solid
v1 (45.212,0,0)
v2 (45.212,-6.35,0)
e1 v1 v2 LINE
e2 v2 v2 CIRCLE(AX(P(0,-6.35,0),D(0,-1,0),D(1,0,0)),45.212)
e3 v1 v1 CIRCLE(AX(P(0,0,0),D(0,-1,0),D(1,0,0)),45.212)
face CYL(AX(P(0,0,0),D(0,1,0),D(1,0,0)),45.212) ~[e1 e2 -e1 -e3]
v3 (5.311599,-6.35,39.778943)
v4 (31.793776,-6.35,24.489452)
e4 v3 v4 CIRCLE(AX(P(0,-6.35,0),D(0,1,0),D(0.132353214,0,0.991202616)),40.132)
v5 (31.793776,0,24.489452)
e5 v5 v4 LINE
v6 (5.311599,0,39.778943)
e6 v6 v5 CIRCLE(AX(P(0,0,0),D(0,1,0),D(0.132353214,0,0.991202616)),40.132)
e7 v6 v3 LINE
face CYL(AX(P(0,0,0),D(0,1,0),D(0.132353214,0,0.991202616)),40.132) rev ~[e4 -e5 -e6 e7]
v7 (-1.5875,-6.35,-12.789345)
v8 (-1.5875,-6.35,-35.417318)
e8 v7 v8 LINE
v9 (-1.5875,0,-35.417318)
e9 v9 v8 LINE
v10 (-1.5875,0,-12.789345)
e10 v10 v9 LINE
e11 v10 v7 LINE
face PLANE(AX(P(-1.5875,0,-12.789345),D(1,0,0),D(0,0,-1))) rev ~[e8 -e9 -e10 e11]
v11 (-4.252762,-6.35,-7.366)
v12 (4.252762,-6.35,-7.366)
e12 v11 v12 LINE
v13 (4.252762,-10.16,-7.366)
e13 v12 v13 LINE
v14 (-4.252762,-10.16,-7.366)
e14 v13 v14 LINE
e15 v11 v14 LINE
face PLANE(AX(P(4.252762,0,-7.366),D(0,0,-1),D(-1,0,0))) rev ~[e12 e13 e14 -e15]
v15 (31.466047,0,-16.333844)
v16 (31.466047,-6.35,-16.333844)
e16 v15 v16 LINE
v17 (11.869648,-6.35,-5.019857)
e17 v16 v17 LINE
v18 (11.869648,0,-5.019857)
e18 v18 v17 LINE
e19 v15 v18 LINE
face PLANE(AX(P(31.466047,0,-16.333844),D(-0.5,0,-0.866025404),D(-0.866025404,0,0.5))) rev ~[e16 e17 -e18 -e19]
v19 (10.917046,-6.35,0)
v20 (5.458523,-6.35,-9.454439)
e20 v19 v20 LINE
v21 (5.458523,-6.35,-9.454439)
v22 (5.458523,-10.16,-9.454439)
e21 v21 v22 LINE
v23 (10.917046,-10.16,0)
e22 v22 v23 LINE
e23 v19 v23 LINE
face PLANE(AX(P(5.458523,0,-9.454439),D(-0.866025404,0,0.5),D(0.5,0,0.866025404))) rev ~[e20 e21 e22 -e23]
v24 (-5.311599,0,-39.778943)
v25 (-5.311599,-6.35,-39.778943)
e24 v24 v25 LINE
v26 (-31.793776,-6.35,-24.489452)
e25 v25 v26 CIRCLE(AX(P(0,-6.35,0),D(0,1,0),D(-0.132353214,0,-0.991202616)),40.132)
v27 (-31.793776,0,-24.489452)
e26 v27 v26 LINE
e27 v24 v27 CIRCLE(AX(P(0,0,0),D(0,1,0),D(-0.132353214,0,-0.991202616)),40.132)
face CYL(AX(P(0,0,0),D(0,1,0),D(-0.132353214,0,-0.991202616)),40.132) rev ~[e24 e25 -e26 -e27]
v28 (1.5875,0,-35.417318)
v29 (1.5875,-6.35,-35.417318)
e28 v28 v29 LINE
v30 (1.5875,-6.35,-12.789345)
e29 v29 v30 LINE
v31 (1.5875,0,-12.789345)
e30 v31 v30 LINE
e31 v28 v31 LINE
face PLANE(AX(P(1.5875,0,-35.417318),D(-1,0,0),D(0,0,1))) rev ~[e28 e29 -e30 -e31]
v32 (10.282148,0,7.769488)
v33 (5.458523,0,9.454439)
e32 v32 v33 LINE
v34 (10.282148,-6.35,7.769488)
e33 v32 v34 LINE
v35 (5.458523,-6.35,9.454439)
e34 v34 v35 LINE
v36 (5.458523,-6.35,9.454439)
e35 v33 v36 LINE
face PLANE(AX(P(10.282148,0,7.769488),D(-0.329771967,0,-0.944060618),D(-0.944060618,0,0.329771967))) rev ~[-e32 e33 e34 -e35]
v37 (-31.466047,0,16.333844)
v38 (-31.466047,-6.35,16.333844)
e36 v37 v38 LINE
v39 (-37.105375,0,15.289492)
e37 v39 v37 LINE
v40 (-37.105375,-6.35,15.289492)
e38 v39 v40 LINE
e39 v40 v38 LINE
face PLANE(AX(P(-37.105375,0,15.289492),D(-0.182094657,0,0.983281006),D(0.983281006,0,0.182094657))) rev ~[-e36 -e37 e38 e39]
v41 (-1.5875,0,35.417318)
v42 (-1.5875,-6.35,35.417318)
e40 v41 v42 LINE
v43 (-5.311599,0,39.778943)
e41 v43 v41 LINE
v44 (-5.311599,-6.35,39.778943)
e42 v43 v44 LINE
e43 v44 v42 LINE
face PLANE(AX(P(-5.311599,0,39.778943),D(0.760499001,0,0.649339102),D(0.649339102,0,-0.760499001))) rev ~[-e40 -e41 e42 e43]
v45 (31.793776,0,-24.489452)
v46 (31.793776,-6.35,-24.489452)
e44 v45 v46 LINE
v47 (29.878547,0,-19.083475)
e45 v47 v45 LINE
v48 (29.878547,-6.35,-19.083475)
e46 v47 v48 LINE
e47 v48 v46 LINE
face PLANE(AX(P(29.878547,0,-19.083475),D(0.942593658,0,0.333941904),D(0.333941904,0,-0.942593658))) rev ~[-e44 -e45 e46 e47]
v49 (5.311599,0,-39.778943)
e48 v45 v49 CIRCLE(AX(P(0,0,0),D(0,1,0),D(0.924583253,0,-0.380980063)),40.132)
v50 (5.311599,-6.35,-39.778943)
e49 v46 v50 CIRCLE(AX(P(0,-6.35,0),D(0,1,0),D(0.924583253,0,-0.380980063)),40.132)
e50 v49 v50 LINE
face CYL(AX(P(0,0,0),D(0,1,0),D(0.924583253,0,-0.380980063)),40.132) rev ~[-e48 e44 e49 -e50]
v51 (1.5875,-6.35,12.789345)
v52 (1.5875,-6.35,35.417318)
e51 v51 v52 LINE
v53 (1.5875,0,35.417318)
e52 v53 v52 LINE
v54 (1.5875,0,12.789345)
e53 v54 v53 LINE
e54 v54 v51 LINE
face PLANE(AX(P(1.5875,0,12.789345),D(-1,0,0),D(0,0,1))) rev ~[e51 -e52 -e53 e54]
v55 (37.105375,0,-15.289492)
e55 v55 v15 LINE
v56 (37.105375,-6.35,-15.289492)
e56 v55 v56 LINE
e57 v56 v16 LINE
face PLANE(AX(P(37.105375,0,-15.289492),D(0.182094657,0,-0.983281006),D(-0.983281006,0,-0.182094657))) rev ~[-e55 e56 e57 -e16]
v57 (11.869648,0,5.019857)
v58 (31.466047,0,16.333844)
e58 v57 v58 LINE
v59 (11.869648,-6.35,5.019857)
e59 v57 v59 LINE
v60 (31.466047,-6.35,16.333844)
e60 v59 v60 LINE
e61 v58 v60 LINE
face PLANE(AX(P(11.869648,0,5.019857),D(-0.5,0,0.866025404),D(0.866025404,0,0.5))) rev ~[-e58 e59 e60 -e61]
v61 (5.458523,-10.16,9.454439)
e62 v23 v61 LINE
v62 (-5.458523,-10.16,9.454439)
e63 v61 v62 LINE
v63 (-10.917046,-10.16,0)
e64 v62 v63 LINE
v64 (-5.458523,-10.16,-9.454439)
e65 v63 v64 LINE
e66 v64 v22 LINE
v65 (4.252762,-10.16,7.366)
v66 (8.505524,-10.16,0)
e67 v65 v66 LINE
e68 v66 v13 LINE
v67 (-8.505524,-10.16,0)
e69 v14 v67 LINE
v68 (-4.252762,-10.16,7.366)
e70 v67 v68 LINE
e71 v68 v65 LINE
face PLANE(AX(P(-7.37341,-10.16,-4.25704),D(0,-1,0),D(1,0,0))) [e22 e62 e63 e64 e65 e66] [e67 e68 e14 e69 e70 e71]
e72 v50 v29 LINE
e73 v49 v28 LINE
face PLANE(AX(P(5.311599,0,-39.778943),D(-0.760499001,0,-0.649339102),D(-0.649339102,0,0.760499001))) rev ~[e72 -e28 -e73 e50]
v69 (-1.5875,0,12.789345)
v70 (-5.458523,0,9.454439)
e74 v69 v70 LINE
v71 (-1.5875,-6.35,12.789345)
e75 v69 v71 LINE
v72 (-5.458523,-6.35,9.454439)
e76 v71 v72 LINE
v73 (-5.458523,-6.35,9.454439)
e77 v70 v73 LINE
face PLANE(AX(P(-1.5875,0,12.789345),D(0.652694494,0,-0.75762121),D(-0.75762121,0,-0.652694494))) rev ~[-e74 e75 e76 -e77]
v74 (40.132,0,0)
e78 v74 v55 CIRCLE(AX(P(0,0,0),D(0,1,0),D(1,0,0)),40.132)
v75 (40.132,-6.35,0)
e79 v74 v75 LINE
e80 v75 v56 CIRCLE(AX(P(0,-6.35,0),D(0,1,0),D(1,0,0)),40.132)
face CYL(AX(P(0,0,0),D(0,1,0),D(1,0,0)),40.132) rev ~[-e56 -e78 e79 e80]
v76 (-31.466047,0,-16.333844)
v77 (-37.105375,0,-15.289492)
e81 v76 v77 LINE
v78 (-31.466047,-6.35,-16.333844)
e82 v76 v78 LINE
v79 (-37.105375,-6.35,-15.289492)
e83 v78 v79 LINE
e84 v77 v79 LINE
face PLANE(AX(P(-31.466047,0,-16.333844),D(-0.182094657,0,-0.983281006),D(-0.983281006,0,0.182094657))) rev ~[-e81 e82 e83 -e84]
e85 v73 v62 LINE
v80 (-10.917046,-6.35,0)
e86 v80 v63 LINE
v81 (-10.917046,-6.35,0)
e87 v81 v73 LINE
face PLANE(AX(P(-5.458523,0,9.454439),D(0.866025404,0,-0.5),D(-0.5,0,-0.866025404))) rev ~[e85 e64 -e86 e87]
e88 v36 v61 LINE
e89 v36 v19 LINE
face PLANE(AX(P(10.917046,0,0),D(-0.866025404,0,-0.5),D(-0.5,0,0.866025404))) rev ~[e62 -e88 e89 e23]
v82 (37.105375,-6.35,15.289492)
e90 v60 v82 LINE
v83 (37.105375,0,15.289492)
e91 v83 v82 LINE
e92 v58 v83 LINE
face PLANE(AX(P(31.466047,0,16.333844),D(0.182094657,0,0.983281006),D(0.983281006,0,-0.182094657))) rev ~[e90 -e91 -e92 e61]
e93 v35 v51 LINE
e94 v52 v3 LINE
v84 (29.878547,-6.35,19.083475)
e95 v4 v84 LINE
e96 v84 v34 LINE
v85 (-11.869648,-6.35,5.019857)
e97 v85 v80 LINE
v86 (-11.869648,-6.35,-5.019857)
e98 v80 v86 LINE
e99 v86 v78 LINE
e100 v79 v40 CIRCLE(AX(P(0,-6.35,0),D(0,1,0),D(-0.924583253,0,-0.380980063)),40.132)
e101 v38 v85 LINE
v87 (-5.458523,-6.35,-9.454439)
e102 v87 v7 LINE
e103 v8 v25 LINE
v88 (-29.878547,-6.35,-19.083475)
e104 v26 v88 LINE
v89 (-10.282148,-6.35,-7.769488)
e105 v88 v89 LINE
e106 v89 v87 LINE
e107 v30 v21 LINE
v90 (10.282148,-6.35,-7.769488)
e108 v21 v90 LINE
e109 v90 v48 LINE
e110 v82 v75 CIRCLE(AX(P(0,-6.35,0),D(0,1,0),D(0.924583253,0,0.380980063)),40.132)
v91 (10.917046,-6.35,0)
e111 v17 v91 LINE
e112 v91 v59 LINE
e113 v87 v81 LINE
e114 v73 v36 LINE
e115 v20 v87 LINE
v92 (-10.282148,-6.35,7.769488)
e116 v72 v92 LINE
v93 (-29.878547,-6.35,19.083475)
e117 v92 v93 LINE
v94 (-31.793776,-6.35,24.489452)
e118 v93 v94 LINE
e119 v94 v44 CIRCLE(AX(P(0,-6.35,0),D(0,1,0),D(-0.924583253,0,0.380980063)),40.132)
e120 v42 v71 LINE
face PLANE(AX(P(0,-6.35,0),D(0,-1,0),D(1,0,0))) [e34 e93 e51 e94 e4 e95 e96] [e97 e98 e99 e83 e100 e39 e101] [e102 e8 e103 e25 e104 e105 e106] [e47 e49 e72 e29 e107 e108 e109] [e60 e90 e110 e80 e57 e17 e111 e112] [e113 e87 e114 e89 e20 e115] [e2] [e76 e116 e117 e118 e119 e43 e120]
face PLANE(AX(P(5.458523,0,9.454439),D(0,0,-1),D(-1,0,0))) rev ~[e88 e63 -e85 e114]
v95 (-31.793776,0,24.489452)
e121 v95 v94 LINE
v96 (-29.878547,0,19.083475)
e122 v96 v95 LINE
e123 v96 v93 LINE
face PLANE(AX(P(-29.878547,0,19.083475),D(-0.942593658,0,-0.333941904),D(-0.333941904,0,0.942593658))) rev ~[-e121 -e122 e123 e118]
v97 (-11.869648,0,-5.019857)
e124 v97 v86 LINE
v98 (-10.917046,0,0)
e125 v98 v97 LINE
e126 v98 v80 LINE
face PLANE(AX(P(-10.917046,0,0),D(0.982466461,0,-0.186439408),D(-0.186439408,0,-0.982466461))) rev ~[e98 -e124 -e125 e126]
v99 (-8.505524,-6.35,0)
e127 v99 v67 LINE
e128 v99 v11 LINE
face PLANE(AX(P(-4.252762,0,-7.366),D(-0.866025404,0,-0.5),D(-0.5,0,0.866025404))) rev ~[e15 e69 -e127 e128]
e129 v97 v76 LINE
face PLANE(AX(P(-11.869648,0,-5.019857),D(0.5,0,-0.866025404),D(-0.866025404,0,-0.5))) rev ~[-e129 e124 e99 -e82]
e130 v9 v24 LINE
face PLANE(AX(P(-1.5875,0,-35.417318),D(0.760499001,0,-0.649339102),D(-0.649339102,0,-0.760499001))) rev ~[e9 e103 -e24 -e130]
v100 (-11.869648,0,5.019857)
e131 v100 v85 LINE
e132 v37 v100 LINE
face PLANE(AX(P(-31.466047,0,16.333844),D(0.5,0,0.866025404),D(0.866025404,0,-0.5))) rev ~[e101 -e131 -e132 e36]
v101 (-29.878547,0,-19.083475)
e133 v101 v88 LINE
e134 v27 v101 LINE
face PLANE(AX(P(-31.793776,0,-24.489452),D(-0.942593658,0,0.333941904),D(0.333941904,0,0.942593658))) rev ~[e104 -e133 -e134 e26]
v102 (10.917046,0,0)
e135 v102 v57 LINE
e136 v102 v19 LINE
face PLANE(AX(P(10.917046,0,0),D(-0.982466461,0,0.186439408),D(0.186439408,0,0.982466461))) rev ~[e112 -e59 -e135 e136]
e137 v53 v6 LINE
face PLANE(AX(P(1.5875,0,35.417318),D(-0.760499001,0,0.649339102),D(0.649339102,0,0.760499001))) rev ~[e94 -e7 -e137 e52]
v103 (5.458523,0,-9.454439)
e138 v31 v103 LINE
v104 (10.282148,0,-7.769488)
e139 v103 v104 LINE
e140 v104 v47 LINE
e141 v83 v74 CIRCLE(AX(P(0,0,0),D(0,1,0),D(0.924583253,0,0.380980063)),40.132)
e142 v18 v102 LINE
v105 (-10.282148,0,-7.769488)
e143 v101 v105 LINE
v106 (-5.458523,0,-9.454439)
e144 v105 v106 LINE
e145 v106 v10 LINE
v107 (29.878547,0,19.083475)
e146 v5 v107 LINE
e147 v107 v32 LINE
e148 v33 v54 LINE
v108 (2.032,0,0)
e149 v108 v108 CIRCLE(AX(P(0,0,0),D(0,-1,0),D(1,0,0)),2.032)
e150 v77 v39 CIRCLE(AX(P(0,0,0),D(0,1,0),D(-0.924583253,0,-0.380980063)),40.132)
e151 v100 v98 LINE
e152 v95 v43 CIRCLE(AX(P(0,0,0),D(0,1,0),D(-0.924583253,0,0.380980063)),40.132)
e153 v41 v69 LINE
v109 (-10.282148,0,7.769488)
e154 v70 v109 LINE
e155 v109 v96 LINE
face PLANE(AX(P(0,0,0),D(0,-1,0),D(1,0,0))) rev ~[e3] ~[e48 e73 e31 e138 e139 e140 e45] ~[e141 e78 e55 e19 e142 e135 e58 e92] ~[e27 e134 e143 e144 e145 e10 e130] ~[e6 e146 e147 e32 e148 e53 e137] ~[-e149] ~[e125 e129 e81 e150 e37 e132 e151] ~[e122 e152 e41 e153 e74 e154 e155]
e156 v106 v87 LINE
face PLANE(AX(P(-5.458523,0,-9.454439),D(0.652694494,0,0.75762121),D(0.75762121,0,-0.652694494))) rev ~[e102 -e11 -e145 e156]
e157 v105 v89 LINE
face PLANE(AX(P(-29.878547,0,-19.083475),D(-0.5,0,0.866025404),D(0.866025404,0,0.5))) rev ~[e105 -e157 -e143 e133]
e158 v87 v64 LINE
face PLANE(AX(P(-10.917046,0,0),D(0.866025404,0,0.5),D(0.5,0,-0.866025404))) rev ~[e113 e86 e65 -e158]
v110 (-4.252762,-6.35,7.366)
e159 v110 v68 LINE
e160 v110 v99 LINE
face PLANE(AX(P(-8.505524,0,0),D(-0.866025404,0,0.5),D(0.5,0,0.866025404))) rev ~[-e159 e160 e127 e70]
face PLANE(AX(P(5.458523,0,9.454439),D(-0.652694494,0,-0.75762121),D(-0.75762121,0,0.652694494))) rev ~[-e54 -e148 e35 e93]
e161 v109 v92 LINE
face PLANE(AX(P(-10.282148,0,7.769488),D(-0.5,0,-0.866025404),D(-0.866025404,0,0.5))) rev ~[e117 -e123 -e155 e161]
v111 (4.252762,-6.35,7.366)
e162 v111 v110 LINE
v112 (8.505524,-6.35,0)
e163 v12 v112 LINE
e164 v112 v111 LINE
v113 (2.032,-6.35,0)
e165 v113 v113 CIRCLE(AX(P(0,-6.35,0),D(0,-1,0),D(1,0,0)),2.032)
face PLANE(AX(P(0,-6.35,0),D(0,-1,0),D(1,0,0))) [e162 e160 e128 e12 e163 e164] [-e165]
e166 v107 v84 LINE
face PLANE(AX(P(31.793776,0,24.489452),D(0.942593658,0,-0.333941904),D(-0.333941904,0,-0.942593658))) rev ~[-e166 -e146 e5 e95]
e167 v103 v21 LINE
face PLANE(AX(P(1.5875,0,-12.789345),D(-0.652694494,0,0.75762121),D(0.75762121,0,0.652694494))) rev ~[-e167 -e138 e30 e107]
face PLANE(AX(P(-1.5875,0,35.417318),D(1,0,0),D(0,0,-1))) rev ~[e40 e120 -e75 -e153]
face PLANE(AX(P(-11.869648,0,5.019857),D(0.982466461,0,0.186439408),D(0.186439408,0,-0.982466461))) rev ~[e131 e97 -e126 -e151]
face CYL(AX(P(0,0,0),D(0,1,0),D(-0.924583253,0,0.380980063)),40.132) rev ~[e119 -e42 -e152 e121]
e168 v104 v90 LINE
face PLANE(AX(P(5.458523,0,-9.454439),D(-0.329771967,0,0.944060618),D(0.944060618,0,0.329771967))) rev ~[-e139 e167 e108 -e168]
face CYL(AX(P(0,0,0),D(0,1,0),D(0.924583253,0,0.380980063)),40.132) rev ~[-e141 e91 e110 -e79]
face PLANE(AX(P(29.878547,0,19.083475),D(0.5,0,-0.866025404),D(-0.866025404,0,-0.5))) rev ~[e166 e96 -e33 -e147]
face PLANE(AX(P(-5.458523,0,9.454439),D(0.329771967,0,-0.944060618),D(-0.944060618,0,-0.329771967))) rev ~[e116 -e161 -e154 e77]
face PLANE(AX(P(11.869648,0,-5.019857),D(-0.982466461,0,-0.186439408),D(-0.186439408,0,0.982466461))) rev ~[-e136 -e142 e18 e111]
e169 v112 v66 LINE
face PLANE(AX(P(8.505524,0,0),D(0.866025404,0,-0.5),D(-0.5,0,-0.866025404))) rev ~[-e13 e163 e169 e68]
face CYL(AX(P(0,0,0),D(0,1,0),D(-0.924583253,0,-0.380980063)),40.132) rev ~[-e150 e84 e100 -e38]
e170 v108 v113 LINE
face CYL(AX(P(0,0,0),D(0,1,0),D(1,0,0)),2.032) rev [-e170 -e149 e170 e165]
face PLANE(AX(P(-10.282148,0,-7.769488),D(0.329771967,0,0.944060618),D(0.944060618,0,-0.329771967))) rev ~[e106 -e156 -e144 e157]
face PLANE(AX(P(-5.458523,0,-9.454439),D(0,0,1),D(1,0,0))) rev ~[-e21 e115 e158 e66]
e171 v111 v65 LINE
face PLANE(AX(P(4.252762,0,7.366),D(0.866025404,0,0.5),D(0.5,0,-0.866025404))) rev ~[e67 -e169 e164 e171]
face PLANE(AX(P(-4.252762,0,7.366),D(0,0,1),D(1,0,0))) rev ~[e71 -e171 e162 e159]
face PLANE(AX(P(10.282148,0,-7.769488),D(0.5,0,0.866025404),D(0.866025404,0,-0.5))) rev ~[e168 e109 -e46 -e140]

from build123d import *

# Parameters (mm, degrees)
F0_R     = 45.212
F0_R_2   = 2.032
F1_DEPTH = 6.35
F2_DEPTH = 10.16


with BuildPart() as f1:
    # F0 (on Front) → F1 (new body)
    with BuildSketch(Plane.XZ):
        Circle(F0_R)
        with BuildLine():
            ThreePointArc((37.1053751064, 15.2894918888), (39.3680729638, 7.7930902161), (40.132, 0))
            ThreePointArc((40.132, 0), (39.3680729638, -7.7930902161), (37.1053751064, -15.2894918888))
            ThreePointArc((37.1053751064, -15.2894918888), (34.7553315047, -20.066), (31.7937759398, -24.4894515147))
            ThreePointArc((31.7937759398, -24.4894515147), (20.066, -34.7553315047), (5.3115991666, -39.7789434034))
            ThreePointArc((5.3115991666, -39.7789434034), (0, -40.132), (-5.3115991666, -39.7789434034))
            ThreePointArc((-5.3115991666, -39.7789434034), (-20.066, -34.7553315047), (-31.7937759398, -24.4894515147))
            ThreePointArc((-31.7937759398, -24.4894515147), (-34.7553315047, -20.066), (-37.1053751064, -15.2894918888))
            ThreePointArc((-37.1053751064, -15.2894918888), (-40.132, 0), (-37.1053751064, 15.2894918888))
            ThreePointArc((-37.1053751064, 15.2894918888), (-34.7553315047, 20.066), (-31.7937759398, 24.4894515147))
            ThreePointArc((-31.7937759398, 24.4894515147), (-20.066, 34.7553315047), (-5.3115991666, 39.7789434034))
            ThreePointArc((-5.3115991666, 39.7789434034), (0, 40.132), (5.3115991666, 39.7789434034))
            ThreePointArc((5.3115991666, 39.7789434034), (20.066, 34.7553315047), (31.7937759398, 24.4894515147))
            ThreePointArc((31.7937759398, 24.4894515147), (34.7553315047, 20.066), (37.1053751064, 15.2894918888))
        make_face(mode=Mode.SUBTRACT)
        Polygon((4.2527620829, -7.366), (8.5055241657, 0), (4.2527620829, 7.366), (-4.2527620829, 7.366), (-8.5055241657, 0), (-4.2527620829, -7.366), align=None)
        Circle(F0_R_2, mode=Mode.SUBTRACT)
        with BuildLine():
            Line((1.5875, 35.4173183441), (5.3115991666, 39.7789434034))
            ThreePointArc((5.3115991666, 39.7789434034), (0, 40.132), (-5.3115991666, 39.7789434034))
            Line((-5.3115991666, 39.7789434034), (-1.5875, 35.4173183441))
            Line((-1.5875, 35.4173183441), (-1.5875, 12.7893453464))
            Line((-1.5875, 12.7893453464), (-5.4585231293, 9.4544393942))
            Line((-5.4585231293, 9.4544393942), (5.4585231293, 9.4544393942))
            Line((5.4585231293, 9.4544393942), (1.5875, 12.7893453464))
            Line((1.5875, 12.7893453464), (1.5875, 35.4173183441))
        make_face()
        with BuildLine():
            Line((-29.8785474199, 19.0834745006), (-31.7937759398, 24.4894515147))
            ThreePointArc((-31.7937759398, 24.4894515147), (-34.7553315047, 20.066), (-37.1053751064, 15.2894918888))
            Line((-37.1053751064, 15.2894918888), (-31.4660474199, 16.3338438436))
            Line((-31.4660474199, 16.3338438436), (-11.8696479677, 5.0198573447))
            Line((-11.8696479677, 5.0198573447), (-10.9170462585, 0))
            Line((-10.9170462585, 0), (-5.4585231293, 9.4544393942))
            Line((-5.4585231293, 9.4544393942), (-10.2821479677, 7.7694880017))
            Line((-10.2821479677, 7.7694880017), (-29.8785474199, 19.0834745006))
        make_face()
        with BuildLine():
            ThreePointArc((-37.1053751064, -15.2894918888), (-34.7553315047, -20.066), (-31.7937759398, -24.4894515147))
            Line((-31.7937759398, -24.4894515147), (-29.8785474199, -19.0834745006))
            Line((-29.8785474199, -19.0834745006), (-10.2821479677, -7.7694880017))
            Line((-10.2821479677, -7.7694880017), (-5.4585231293, -9.4544393942))
            Line((-5.4585231293, -9.4544393942), (-10.9170462585, 0))
            Line((-10.9170462585, 0), (-11.8696479677, -5.0198573447))
            Line((-11.8696479677, -5.0198573447), (-31.4660474199, -16.3338438436))
            Line((-31.4660474199, -16.3338438436), (-37.1053751064, -15.2894918888))
        make_face()
        with BuildLine():
            ThreePointArc((-5.3115991666, -39.7789434034), (0, -40.132), (5.3115991666, -39.7789434034))
            Line((5.3115991666, -39.7789434034), (1.5875, -35.4173183441))
            Line((1.5875, -35.4173183441), (1.5875, -12.7893453464))
            Line((1.5875, -12.7893453464), (5.4585231293, -9.4544393942))
            Line((5.4585231293, -9.4544393942), (-5.4585231293, -9.4544393942))
            Line((-5.4585231293, -9.4544393942), (-1.5875, -12.7893453464))
            Line((-1.5875, -12.7893453464), (-1.5875, -35.4173183441))
            Line((-1.5875, -35.4173183441), (-5.3115991666, -39.7789434034))
        make_face()
        with BuildLine():
            ThreePointArc((31.7937759398, -24.4894515147), (34.7553315047, -20.066), (37.1053751064, -15.2894918888))
            Line((37.1053751064, -15.2894918888), (31.4660474199, -16.3338438436))
            Line((31.4660474199, -16.3338438436), (11.8696479677, -5.0198573447))
            Line((11.8696479677, -5.0198573447), (10.9170462585, 0))
            Line((10.9170462585, 0), (5.4585231293, -9.4544393942))
            Line((5.4585231293, -9.4544393942), (10.2821479677, -7.7694880017))
            Line((10.2821479677, -7.7694880017), (29.8785474199, -19.0834745006))
            Line((29.8785474199, -19.0834745006), (31.7937759398, -24.4894515147))
        make_face()
        with BuildLine():
            Line((31.4660474199, 16.3338438436), (37.1053751064, 15.2894918888))
            ThreePointArc((37.1053751064, 15.2894918888), (34.7553315047, 20.066), (31.7937759398, 24.4894515147))
            Line((31.7937759398, 24.4894515147), (29.8785474199, 19.0834745006))
            Line((29.8785474199, 19.0834745006), (10.2821479677, 7.7694880017))
            Line((10.2821479677, 7.7694880017), (5.4585231293, 9.4544393942))
            Line((5.4585231293, 9.4544393942), (10.9170462585, 0))
            Line((10.9170462585, 0), (11.8696479677, 5.0198573447))
            Line((11.8696479677, 5.0198573447), (31.4660474199, 16.3338438436))
        make_face()
        Polygon((-4.2527620829, 7.366), (-5.4585231293, 9.4544393942), (-10.9170462585, 0), (-8.5055241657, 0), align=None)
        Polygon((-10.9170462585, 0), (-5.4585231293, -9.4544393942), (-4.2527620829, -7.366), (-8.5055241657, 0), align=None)
        Polygon((-5.4585231293, -9.4544393942), (5.4585231293, -9.4544393942), (4.2527620829, -7.366), (-4.2527620829, -7.366), align=None)
        Polygon((5.4585231293, -9.4544393942), (10.9170462585, 0), (8.5055241657, 0), (4.2527620829, -7.366), align=None)
        Polygon((8.5055241657, 0), (10.9170462585, 0), (5.4585231293, 9.4544393942), (4.2527620829, 7.366), align=None)
        Polygon((4.2527620829, 7.366), (5.4585231293, 9.4544393942), (-5.4585231293, 9.4544393942), (-4.2527620829, 7.366), align=None)
    extrude(amount=F1_DEPTH)

    # F0 (on Front) → F2 (join)
    with BuildSketch(Plane.XZ):
        Polygon((-10.9170462585, 0), (-5.4585231293, -9.4544393942), (-4.2527620829, -7.366), (-8.5055241657, 0), align=None)
        Polygon((-5.4585231293, -9.4544393942), (5.4585231293, -9.4544393942), (4.2527620829, -7.366), (-4.2527620829, -7.366), align=None)
        Polygon((5.4585231293, -9.4544393942), (10.9170462585, 0), (8.5055241657, 0), (4.2527620829, -7.366), align=None)
        Polygon((8.5055241657, 0), (10.9170462585, 0), (5.4585231293, 9.4544393942), (4.2527620829, 7.366), align=None)
        Polygon((4.2527620829, 7.366), (5.4585231293, 9.4544393942), (-5.4585231293, 9.4544393942), (-4.2527620829, 7.366), align=None)
        Polygon((-4.2527620829, 7.366), (-5.4585231293, 9.4544393942), (-10.9170462585, 0), (-8.5055241657, 0), align=None)
    extrude(amount=F2_DEPTH)


solid = f1.part
